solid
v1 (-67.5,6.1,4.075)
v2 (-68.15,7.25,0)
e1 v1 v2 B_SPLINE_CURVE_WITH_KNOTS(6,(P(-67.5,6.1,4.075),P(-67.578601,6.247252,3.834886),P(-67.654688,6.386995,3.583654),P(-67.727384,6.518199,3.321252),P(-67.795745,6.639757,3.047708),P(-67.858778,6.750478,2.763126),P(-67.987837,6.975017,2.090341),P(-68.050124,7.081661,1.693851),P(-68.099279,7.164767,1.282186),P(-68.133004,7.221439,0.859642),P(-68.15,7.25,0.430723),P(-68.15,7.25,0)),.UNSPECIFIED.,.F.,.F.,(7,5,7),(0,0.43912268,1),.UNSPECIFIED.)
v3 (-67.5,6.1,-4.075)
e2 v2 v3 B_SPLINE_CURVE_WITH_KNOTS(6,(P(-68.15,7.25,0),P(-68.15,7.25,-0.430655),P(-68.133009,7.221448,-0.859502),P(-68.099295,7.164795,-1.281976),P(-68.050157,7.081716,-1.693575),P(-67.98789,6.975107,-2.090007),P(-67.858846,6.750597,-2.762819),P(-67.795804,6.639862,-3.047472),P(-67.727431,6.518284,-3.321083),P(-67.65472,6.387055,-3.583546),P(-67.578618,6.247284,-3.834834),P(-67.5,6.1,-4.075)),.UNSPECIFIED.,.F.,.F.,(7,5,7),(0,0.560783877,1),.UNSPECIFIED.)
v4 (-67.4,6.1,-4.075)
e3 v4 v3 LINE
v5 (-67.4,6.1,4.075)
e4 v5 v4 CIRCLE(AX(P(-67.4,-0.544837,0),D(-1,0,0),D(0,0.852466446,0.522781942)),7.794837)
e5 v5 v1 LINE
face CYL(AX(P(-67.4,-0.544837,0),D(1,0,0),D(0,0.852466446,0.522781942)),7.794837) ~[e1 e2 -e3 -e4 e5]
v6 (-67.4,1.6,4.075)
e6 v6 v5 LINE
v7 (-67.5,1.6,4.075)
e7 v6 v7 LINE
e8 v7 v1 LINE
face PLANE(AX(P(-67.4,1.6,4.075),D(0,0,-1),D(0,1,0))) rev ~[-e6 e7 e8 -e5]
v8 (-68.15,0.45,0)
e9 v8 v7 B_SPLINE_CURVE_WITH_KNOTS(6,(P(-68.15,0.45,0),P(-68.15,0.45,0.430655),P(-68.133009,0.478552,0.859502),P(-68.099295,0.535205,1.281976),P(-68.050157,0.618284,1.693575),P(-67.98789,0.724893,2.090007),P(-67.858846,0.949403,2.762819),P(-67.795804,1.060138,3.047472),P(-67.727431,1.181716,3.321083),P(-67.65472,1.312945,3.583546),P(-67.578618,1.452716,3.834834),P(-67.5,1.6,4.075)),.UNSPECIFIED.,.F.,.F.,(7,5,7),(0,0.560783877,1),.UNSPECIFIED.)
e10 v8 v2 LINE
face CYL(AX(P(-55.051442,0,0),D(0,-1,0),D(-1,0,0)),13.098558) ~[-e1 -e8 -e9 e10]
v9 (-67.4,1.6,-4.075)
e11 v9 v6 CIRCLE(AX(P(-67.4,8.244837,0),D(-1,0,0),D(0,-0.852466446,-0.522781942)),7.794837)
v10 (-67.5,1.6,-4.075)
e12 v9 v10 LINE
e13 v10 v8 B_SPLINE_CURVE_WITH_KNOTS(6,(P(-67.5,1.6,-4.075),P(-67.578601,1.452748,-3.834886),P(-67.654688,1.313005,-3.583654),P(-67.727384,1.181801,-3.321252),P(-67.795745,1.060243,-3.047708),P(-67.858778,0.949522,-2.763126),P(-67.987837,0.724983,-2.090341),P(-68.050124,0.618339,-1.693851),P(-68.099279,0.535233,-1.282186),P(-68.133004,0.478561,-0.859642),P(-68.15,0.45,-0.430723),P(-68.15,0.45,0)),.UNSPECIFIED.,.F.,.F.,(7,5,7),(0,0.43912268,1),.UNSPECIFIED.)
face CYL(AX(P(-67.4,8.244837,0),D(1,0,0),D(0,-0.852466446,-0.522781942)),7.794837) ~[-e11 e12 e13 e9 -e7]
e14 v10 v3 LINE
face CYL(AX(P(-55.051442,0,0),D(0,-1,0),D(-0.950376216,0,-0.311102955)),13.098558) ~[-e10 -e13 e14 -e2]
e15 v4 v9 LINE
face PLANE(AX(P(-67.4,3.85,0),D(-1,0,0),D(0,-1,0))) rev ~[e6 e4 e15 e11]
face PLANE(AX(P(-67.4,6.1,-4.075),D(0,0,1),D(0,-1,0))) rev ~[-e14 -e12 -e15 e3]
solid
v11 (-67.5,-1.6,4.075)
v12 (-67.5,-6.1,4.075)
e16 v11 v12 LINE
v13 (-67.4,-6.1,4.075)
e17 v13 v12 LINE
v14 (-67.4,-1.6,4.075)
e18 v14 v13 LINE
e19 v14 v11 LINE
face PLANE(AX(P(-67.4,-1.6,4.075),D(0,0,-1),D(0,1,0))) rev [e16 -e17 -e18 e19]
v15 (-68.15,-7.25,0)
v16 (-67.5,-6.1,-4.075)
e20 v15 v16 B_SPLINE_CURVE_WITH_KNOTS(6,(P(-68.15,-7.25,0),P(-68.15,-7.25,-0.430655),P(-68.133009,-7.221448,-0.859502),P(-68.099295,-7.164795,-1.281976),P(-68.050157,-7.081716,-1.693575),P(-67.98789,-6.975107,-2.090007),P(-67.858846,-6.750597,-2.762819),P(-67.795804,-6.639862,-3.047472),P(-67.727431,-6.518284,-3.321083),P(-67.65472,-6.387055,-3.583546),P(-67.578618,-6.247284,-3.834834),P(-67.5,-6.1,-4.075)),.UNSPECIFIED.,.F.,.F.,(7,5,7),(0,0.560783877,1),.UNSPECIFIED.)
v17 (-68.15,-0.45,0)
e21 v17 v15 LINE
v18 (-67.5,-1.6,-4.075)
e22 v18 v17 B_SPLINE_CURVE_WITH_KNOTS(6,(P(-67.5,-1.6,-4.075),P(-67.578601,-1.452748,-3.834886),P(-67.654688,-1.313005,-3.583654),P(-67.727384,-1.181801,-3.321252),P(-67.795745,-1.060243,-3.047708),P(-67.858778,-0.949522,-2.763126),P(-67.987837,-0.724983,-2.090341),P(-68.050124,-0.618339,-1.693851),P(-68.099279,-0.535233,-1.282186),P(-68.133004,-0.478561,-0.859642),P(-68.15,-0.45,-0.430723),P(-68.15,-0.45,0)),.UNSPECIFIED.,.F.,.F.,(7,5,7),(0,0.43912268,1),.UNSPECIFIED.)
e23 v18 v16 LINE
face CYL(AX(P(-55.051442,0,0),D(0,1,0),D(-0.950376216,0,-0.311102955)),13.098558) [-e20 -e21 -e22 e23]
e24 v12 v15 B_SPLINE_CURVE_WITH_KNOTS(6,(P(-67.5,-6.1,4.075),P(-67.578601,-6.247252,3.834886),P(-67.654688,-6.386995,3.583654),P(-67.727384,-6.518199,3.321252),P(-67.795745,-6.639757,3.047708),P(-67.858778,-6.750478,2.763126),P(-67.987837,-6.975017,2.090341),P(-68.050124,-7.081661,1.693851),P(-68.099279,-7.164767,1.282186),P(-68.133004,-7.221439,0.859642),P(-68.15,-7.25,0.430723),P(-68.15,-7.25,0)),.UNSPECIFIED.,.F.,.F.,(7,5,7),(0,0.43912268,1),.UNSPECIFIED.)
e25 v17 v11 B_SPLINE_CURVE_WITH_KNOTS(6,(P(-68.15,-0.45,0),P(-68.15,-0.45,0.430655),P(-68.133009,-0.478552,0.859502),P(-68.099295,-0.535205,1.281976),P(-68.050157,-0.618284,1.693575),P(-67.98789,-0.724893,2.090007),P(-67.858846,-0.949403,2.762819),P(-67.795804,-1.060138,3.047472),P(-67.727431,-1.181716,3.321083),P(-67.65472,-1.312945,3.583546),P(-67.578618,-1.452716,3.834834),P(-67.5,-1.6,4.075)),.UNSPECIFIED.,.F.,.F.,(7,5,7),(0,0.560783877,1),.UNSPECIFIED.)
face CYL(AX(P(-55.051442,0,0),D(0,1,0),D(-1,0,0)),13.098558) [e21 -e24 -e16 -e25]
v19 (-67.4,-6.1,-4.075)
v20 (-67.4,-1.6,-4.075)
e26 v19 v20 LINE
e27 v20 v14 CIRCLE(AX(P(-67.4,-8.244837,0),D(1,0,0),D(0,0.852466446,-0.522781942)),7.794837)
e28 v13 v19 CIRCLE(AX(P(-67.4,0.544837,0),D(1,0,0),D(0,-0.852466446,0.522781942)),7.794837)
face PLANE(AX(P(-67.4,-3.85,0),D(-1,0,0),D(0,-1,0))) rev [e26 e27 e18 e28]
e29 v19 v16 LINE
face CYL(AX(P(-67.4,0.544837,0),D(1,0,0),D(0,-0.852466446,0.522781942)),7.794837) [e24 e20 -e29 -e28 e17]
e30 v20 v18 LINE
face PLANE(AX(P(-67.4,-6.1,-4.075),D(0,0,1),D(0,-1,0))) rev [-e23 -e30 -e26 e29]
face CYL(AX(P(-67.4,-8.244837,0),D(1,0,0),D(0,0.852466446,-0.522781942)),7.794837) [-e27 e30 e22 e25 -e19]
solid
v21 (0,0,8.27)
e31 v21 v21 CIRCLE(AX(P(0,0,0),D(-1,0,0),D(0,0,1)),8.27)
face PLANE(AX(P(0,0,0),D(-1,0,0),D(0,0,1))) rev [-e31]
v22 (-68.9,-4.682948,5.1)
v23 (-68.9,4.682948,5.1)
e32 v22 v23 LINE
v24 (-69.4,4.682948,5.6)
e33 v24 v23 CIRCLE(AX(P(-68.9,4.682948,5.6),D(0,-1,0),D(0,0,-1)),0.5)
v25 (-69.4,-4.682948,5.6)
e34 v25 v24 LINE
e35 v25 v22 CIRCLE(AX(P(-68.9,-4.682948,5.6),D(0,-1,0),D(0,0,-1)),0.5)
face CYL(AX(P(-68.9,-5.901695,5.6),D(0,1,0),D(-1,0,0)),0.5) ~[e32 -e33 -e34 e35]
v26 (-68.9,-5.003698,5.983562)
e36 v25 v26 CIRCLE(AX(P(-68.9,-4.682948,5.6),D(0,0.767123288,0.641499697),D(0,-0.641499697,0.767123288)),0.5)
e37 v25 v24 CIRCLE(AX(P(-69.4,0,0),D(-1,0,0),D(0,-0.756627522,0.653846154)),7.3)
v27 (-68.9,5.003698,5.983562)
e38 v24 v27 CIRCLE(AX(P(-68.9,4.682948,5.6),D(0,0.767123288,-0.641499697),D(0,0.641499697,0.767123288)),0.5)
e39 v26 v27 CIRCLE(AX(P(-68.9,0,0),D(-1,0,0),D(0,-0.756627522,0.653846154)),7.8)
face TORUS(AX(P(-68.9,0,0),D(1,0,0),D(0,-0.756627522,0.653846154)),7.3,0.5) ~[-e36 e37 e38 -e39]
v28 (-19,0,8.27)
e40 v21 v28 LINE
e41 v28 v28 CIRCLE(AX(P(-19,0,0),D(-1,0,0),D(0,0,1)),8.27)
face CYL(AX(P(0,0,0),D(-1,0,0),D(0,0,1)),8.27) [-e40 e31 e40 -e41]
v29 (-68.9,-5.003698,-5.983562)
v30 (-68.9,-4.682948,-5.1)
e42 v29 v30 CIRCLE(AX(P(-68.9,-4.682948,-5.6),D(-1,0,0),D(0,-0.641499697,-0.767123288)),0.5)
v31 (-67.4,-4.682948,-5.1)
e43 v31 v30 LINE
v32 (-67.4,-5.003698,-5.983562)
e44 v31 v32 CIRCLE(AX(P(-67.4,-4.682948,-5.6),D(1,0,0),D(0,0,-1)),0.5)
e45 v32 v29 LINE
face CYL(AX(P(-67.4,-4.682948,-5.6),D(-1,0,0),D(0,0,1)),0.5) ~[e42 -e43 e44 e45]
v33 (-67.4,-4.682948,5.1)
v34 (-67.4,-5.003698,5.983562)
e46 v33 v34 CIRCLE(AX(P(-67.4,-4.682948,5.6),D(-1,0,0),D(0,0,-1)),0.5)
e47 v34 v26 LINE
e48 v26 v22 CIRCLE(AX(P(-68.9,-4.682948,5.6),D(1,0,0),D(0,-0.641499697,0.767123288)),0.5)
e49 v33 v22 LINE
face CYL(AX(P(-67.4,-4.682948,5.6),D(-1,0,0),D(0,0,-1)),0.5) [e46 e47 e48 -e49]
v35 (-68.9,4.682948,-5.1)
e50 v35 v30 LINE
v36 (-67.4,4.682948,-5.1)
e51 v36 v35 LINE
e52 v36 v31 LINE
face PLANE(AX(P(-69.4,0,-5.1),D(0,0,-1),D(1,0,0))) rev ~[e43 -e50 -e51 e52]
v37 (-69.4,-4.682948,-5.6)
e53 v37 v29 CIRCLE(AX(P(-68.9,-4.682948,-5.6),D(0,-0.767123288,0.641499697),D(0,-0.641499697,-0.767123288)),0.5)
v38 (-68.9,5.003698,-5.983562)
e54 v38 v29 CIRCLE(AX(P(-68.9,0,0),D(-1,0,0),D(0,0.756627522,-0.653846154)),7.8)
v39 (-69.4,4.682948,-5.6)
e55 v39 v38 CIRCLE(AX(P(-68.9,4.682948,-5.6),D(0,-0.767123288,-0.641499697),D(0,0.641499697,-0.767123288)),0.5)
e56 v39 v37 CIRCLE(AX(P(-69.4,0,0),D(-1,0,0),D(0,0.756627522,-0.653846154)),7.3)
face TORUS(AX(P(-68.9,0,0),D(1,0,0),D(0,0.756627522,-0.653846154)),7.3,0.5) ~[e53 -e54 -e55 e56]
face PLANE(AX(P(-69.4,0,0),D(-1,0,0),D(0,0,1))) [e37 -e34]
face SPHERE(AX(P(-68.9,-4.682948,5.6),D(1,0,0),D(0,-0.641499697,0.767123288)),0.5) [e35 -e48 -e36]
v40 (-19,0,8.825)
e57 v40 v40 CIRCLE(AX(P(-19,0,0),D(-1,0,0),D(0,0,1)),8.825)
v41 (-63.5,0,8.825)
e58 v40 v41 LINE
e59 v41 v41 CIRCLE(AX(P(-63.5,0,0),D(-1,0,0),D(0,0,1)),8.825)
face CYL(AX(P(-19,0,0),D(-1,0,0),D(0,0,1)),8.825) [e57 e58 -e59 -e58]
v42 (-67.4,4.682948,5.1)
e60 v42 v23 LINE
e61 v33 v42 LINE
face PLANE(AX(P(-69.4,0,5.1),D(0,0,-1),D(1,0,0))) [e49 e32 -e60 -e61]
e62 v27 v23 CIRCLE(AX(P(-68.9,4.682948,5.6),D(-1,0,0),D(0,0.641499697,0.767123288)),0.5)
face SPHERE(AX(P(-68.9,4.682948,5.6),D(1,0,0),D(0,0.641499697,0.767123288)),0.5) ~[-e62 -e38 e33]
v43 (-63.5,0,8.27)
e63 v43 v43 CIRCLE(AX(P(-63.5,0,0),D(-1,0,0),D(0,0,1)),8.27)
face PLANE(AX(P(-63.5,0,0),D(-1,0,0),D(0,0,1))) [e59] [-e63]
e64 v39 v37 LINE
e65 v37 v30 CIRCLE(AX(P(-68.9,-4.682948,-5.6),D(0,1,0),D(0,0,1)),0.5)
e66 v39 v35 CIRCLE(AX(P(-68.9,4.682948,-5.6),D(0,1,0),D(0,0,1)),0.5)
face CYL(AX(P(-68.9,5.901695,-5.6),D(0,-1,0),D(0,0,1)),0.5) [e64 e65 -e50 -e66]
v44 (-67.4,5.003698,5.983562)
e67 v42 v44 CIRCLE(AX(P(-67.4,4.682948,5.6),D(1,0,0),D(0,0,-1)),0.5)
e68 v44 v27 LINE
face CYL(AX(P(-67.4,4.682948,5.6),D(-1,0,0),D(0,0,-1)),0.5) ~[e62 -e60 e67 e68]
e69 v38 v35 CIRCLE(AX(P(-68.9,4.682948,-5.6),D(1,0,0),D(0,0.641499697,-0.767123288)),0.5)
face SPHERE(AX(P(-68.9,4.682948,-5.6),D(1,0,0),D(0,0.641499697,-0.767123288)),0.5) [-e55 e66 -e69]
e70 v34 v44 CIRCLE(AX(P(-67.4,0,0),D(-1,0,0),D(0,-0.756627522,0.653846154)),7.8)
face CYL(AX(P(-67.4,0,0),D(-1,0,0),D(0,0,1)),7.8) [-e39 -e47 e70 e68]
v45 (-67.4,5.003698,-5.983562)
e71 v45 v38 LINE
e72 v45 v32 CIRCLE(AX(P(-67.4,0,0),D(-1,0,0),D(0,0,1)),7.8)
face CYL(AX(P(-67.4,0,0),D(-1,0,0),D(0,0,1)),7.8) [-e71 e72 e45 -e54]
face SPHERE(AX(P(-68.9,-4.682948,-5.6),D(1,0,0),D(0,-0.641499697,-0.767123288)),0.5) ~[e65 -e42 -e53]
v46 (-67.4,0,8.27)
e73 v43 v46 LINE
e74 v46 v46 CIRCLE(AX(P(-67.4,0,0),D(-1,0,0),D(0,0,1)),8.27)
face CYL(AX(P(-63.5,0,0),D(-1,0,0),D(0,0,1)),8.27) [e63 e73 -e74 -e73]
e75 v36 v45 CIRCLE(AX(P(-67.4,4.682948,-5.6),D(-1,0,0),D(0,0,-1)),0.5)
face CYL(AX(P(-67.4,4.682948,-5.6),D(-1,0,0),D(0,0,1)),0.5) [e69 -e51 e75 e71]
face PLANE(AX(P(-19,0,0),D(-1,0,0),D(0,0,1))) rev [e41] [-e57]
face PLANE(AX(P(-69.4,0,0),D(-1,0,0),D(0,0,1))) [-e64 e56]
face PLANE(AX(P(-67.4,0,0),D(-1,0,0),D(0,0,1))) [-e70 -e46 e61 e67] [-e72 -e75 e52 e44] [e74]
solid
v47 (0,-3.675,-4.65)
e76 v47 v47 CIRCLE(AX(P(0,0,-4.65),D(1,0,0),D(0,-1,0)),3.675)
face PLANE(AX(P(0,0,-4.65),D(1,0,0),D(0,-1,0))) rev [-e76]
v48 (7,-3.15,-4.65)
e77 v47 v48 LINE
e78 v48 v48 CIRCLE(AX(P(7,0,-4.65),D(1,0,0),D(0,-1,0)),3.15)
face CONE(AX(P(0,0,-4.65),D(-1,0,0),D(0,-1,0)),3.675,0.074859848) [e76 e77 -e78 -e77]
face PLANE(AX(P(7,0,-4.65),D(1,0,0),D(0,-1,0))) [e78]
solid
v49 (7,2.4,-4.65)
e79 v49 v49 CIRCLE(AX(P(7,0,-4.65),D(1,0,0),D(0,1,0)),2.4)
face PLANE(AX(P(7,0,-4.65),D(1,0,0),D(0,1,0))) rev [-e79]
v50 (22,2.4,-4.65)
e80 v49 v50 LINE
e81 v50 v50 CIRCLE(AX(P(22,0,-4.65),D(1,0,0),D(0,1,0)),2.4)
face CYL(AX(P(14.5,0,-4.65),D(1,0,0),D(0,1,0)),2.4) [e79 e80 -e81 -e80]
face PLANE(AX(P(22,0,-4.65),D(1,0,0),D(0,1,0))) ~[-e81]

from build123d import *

# Parameters (mm, degrees)
F2_W      = 2
F2_H      = 10.2
F3_DEPTH  = 12.5
F4_R      = 0.5
F8_W      = 15
F8_H      = 2.4
F11_DEPTH = 0.75
F13_DEPTH = 8.826


with BuildPart() as f1:
    # F0 (on Front) → F1 (revolve)
    with BuildSketch(Plane.XZ):
        Polygon((-69.4, 7.8), (-69.4, 0), (0, 0), (0, 8.27), (-19, 8.27), (-19, 8.825), (-63.5, 8.825), (-63.5, 8.27), (-67.4, 8.27), (-67.4, 7.8), align=None)
    revolve(axis=Axis((-34.7, 0, 0), (-1, 0, 0)))

    # F2 (on Front) → F3 (cut, symmetric)
    with BuildSketch(Plane.XZ):
        with Locations((-68.4, 0)):
            Rectangle(F2_W, F2_H)
    extrude(amount=F3_DEPTH, both=True, mode=Mode.SUBTRACT)

    # F4
    f4_edges = [f1.edges().sort_by_distance(p)[0] for p in [
        (-69.4, 0, 5.1),
        (-68.4, 5.901695, 5.1),
        (-68.4, -5.901695, 5.1),
        (-69.4, 0, 7.8),
        (-68.4, 5.901695, -5.1),
        (-68.4, -5.901695, -5.1),
        (-69.4, 0, -7.8),
        (-69.4, 0, -5.1),
    ]]
    fillet(f4_edges, radius=F4_R)


with BuildPart() as f7:
    # F6 (on offset) → F7 (revolve)
    with BuildSketch(Plane.XY.offset(-4.65)):
        Polygon((0, 0), (0, -3.675), (7, -3.15), (7, 0), align=None)
    revolve(axis=Axis((3.5, 0, -4.65), (1, 0, 0)))


with BuildPart() as f9:
    # F8 (on offset) → F9 (revolve)
    with BuildSketch(Plane.XY.offset(-4.65)):
        with Locations((14.5, 1.2)):
            Rectangle(F8_W, F8_H)
    revolve(axis=Axis((14.5, 0, -4.65), (1, 0, 0)))


with BuildPart() as f11:
    # F10 (on face) → F11 (new body)
    with BuildSketch(Plane(origin=(-67.4, 0, 0), x_dir=(0, -1, 0), z_dir=(-1, 0, 0))):
        with BuildLine():
            Line((-1.6, 4.075), (-6.1, 4.075))
            ThreePointArc((-6.1, 4.075), (-7.25, 0), (-6.1, -4.075))
            Line((-6.1, -4.075), (-1.6, -4.075))
            ThreePointArc((-1.6, -4.075), (-0.45, 0), (-1.6, 4.075))
        make_face()
    extrude(amount=F11_DEPTH)

    # F12 (on Front) → F13 (cut, through all)
    with BuildSketch(Plane.XZ):
        with BuildLine():
            ThreePointArc((-67.5, -4.075), (-67.9864793145, -2.0632574367), (-68.15, 0))
            Line((-68.15, 0), (-68.15, -4.075))
            Line((-68.15, -4.075), (-67.5, -4.075))
        make_face()
        with BuildLine():
            ThreePointArc((-68.15, 0), (-67.9864793145, 2.0632574367), (-67.5, 4.075))
            Line((-67.5, 4.075), (-68.15, 4.075))
            Line((-68.15, 4.075), (-68.15, 0))
        make_face()
    extrude(amount=-F13_DEPTH, mode=Mode.SUBTRACT)


with BuildPart() as f14_1:
    # F14: instance of F11
    add(f11.part.mirror(Plane.XZ))


solid = Compound([f1.part, f7.part, f9.part, f11.part, f14_1.part])
